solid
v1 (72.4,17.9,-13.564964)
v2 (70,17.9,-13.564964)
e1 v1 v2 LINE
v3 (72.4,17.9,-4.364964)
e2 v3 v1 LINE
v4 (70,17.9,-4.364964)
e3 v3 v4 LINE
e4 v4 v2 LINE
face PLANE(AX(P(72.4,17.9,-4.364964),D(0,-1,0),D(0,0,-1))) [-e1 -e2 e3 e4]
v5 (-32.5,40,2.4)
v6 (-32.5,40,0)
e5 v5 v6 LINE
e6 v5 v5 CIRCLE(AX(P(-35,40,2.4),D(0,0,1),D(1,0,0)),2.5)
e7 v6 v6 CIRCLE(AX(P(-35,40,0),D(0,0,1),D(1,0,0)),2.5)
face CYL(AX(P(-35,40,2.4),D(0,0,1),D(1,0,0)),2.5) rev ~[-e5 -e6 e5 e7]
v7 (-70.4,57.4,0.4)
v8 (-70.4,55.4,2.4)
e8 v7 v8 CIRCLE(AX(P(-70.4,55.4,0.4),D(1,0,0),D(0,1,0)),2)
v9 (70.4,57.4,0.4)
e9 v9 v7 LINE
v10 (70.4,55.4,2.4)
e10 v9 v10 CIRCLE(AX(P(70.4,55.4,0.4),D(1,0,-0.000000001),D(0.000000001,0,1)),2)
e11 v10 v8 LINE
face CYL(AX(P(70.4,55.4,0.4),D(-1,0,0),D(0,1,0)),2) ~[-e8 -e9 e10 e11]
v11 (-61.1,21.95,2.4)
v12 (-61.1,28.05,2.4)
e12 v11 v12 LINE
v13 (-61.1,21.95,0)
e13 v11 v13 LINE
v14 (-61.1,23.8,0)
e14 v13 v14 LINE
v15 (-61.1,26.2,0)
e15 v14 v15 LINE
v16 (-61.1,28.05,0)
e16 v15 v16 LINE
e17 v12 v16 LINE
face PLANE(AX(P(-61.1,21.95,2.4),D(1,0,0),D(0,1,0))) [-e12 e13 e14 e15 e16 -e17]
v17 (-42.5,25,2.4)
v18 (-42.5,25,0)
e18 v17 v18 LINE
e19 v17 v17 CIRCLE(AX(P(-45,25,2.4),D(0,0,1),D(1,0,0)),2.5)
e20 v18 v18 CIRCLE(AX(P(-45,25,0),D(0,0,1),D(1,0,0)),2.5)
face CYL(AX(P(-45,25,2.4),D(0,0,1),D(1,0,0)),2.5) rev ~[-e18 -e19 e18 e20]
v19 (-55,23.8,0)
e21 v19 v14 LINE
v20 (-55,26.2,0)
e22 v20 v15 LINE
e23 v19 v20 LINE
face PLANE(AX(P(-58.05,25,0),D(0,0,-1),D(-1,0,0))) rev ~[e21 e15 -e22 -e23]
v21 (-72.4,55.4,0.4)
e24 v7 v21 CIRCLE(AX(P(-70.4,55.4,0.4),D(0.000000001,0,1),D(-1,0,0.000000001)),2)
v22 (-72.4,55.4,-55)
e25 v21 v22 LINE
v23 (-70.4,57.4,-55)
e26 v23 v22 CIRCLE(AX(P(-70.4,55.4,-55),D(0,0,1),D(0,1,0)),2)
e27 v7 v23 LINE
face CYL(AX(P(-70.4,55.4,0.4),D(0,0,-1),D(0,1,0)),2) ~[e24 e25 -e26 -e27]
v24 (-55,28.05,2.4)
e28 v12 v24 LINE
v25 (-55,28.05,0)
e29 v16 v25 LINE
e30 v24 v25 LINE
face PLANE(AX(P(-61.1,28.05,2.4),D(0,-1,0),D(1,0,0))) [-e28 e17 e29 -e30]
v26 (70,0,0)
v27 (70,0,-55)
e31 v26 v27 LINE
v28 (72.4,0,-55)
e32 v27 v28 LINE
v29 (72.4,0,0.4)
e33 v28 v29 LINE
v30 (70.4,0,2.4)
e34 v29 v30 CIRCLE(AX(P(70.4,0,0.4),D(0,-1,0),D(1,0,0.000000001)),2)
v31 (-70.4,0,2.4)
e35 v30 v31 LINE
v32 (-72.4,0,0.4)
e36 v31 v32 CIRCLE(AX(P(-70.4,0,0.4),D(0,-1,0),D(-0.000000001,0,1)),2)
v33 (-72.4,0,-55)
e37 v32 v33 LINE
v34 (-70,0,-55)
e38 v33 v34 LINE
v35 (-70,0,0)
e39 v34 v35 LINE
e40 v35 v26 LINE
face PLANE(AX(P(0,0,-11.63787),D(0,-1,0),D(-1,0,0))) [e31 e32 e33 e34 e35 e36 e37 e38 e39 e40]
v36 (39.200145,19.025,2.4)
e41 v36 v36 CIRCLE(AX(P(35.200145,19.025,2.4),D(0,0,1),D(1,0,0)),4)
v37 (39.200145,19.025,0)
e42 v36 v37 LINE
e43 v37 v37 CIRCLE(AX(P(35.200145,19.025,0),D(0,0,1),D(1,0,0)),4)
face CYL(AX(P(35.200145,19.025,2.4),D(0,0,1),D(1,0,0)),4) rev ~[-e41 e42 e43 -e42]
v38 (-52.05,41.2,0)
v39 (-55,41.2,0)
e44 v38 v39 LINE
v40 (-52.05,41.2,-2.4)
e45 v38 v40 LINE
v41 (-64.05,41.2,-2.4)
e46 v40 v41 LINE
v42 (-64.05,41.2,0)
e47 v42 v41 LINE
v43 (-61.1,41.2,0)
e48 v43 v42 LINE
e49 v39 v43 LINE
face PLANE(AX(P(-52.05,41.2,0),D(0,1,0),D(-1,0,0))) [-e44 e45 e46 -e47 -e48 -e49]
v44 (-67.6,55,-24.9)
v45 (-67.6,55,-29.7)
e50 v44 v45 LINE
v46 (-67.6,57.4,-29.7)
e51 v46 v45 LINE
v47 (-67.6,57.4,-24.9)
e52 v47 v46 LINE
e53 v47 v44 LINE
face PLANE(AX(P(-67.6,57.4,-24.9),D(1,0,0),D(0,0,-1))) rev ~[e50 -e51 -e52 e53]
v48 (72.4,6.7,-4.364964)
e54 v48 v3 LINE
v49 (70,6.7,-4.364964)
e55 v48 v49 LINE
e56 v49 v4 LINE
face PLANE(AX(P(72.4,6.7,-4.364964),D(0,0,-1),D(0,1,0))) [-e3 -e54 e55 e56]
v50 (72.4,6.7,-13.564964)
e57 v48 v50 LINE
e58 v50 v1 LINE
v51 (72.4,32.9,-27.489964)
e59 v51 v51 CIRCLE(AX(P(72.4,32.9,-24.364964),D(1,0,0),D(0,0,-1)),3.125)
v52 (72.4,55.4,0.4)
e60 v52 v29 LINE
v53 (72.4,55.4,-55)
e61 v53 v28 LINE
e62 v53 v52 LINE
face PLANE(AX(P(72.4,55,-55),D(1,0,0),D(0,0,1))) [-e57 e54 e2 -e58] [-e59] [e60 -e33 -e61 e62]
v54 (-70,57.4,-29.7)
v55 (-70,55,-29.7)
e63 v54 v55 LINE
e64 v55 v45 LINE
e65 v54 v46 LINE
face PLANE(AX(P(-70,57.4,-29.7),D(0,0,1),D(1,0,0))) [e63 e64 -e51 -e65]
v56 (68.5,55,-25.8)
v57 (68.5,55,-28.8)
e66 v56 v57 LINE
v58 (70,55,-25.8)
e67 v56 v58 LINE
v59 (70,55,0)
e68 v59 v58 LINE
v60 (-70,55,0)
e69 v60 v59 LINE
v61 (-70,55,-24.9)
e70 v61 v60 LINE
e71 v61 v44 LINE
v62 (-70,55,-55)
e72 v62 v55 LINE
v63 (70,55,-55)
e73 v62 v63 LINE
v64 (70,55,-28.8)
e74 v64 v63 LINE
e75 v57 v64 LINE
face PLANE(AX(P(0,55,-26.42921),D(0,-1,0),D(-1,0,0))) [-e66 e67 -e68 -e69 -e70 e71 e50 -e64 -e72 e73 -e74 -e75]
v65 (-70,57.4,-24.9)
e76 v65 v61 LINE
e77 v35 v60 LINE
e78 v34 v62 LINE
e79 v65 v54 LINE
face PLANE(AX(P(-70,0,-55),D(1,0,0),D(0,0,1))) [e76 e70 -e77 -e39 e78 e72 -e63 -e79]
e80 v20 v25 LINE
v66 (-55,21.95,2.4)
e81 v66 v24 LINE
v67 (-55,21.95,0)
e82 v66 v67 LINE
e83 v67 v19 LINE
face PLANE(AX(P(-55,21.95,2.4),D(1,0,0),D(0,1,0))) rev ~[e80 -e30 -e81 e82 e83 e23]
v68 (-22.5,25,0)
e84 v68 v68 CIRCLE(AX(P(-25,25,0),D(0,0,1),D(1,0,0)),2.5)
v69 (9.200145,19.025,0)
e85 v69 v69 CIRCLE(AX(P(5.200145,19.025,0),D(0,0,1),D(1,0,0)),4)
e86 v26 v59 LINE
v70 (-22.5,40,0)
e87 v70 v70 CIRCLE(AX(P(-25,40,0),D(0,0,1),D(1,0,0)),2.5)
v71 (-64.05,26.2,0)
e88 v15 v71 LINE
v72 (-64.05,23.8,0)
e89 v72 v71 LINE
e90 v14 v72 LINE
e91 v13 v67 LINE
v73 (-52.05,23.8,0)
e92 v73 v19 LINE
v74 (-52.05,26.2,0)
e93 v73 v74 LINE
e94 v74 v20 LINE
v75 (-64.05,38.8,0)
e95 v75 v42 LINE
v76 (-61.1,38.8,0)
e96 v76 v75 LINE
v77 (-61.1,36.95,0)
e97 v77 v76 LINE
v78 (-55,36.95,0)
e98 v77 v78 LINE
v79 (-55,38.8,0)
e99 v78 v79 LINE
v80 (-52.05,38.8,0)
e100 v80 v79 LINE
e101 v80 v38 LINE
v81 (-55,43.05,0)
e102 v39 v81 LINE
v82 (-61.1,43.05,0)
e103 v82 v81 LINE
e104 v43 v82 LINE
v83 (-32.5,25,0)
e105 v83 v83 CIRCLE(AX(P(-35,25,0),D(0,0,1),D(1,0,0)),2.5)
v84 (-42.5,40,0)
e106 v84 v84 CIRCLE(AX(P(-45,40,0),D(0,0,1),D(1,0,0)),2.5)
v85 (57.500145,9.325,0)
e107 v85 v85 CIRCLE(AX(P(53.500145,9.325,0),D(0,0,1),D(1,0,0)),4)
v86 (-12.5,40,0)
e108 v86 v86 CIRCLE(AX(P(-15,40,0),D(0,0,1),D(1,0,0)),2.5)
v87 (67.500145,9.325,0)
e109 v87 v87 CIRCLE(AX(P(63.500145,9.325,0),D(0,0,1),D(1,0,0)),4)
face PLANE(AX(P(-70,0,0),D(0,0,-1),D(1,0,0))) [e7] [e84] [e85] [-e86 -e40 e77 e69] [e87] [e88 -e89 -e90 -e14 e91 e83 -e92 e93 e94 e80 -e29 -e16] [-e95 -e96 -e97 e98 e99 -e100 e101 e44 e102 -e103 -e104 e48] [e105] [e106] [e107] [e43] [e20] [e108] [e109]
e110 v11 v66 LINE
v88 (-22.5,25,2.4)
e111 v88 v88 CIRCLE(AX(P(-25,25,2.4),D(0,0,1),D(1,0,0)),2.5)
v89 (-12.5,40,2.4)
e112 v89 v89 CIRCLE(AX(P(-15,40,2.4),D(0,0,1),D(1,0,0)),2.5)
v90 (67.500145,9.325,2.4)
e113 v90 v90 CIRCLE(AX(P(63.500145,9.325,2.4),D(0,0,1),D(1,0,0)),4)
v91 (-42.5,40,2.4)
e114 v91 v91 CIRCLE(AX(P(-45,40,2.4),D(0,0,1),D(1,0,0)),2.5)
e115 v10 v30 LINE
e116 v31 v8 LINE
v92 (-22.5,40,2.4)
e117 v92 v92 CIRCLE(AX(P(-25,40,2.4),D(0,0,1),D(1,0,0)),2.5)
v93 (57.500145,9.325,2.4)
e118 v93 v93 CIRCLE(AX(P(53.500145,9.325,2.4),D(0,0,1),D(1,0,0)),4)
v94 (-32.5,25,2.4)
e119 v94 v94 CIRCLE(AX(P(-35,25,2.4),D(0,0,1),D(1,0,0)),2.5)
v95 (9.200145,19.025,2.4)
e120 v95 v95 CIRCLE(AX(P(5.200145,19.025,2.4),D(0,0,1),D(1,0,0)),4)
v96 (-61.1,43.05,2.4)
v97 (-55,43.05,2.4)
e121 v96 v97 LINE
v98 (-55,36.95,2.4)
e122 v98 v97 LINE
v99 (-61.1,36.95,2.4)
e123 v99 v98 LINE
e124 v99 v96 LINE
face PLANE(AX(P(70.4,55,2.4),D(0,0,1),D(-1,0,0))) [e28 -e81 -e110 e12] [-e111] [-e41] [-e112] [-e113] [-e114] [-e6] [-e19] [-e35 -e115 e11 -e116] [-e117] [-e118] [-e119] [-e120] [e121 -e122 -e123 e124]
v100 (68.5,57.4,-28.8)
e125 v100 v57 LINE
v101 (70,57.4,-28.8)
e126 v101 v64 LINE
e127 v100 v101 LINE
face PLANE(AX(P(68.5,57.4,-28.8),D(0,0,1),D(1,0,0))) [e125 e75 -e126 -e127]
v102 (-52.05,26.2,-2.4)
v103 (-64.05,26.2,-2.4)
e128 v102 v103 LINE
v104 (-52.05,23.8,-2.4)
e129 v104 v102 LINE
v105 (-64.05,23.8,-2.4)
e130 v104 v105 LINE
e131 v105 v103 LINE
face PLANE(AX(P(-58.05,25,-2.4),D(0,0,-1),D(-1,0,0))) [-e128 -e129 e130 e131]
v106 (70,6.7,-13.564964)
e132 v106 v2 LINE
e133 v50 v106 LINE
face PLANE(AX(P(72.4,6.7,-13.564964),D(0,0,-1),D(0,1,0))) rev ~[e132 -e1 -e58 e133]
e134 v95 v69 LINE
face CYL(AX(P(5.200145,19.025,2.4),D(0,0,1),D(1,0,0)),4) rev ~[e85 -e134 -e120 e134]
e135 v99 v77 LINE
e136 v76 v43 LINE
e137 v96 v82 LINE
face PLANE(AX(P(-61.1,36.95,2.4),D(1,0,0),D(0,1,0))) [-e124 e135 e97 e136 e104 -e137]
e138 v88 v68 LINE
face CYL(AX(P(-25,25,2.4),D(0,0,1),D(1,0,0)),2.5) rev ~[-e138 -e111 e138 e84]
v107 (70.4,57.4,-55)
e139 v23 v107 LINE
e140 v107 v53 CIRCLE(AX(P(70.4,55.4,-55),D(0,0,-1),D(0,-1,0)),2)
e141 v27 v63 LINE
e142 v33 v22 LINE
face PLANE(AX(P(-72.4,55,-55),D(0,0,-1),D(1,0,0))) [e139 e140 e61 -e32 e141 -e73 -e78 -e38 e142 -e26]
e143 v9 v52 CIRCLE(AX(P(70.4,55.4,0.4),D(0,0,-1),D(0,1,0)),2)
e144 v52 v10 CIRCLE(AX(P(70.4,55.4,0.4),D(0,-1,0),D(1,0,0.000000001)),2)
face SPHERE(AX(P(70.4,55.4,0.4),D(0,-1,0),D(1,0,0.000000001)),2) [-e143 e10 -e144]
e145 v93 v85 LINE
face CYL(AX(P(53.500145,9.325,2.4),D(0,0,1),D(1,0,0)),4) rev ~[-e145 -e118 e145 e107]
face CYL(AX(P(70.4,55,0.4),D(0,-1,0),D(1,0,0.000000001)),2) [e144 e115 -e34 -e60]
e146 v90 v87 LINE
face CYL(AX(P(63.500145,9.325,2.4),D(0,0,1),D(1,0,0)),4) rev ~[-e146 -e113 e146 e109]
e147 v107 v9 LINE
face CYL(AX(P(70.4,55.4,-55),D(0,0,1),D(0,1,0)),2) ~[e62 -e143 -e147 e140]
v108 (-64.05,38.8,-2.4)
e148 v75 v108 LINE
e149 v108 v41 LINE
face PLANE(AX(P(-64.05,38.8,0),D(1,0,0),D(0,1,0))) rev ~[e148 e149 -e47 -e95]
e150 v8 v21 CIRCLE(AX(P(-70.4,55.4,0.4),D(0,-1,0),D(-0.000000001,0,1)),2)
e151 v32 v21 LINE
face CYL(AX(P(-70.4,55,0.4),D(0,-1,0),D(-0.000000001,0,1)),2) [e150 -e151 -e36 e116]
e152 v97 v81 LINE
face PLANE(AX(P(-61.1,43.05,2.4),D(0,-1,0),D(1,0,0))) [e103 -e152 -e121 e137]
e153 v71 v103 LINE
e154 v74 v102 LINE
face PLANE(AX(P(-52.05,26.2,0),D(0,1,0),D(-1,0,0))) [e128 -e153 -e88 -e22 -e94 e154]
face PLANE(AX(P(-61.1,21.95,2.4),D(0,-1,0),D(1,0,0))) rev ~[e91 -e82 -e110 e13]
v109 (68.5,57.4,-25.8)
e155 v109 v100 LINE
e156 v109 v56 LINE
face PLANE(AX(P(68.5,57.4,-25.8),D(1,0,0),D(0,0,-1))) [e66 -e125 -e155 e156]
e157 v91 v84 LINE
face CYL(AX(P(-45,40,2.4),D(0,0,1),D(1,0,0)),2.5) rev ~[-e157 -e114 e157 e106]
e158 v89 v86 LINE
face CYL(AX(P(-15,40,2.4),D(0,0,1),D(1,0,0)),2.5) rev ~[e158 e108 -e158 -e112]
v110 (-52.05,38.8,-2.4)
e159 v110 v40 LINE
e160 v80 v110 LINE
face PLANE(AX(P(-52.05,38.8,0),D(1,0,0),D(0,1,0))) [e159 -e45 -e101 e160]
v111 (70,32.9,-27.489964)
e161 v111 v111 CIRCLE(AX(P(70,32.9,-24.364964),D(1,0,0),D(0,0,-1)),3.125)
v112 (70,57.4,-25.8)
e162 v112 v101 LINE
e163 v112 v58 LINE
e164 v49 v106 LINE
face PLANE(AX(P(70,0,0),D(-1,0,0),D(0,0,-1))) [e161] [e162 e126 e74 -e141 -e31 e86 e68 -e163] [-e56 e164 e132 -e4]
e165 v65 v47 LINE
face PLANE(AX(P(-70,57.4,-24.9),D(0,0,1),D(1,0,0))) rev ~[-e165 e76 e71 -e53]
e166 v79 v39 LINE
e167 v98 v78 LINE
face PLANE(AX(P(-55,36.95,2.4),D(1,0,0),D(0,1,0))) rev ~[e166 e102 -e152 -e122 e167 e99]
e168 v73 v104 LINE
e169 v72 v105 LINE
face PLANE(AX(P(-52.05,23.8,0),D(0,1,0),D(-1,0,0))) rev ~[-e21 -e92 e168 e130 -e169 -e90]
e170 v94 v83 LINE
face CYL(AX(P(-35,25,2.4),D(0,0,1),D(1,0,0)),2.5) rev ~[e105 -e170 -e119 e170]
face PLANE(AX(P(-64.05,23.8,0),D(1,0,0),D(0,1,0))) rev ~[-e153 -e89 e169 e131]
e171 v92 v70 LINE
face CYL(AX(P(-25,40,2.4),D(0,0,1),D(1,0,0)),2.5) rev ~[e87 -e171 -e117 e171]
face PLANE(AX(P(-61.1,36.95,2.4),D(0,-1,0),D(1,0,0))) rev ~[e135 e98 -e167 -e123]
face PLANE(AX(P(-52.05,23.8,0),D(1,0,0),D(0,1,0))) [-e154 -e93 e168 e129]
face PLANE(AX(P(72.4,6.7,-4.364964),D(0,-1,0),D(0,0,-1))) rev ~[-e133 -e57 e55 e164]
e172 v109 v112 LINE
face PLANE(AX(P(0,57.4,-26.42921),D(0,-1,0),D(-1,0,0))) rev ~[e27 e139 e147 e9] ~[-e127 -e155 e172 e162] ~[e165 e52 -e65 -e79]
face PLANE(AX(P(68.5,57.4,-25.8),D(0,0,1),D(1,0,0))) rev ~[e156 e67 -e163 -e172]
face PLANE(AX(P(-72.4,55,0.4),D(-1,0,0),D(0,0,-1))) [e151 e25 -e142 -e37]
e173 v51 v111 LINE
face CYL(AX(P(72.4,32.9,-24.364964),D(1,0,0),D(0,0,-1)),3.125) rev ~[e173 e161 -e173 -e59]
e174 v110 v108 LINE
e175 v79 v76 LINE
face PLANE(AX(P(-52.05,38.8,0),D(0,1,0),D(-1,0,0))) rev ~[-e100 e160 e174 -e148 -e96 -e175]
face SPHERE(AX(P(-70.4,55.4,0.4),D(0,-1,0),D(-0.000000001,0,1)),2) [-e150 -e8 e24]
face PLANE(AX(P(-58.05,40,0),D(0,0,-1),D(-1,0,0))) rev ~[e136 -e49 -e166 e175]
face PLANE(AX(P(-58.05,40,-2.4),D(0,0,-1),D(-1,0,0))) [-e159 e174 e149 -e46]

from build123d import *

# Parameters (mm, degrees)
BOSS_EXTRUDE1_DEPTH = 55
SKETCH3_W           = 9.2
SKETCH3_H           = 11.2
CUT_EXTRUDE1_DEPTH  = 2.4
SKETCH4_R           = 4
CUT_EXTRUDE2_DEPTH  = 2.4
SKETCH5_R           = 2.5
CUT_EXTRUDE3_DEPTH  = 2.4
SKETCH7_R           = 4
CUT_EXTRUDE4_DEPTH  = 2.4
SKETCH8_W           = 6.1
SKETCH8_H           = 6.1
CUT_EXTRUDE5_DEPTH  = 2.4
SKETCH9_W           = 12
SKETCH9_H           = 2.4
BOSS_EXTRUDE3_DEPTH = 2.4
SKETCH10_R          = 4
CUT_EXTRUDE6_DEPTH  = 2.4
BOSS_EXTRUDE4_DEPTH = 2.4
SKETCH12_W          = 1.5
SKETCH12_H          = 3
SKETCH12_W_2        = 2.4
SKETCH12_H_2        = 4.8
CUT_EXTRUDE7_DEPTH  = 2.4
SKETCH13_R          = 3.125
CUT_EXTRUDE8_DEPTH  = 2.4
FILLET1_R           = 2


with BuildPart() as part:
    # Sketch2 → Boss-Extrude1 (new body)
    with BuildSketch(Plane(origin=(0, 0, 0), x_dir=(1, 0, 0), z_dir=(0, 1, 0))):
        with BuildLine():
            Line((-70, 55), (-70, 0))
            Line((-70, 0), (70, 0))
            Line((70, 0), (70, 55))
            Line((70, 55), (72.4, 55))
            Line((72.4, 55), (72.4, -0.4))
            ThreePointArc((72.4, -0.4), (71.814213562, -1.814213562), (70.4, -2.4))
            Line((70.4, -2.4), (-70.4, -2.4))
            ThreePointArc((-70.4, -2.4), (-71.814213562, -1.814213562), (-72.4, -0.4))
            Line((-72.4, -0.4), (-72.4, 55))
            Line((-72.4, 55), (-70, 55))
        make_face()
    extrude(amount=BOSS_EXTRUDE1_DEPTH)

    # Sketch3 → Cut-Extrude1 (cut)
    with BuildSketch(Plane(origin=(72.4, 0, 0), x_dir=(0, 0, -1), z_dir=(1, 0, 0))):
        with Locations((8.964963507, 12.3)):
            Rectangle(SKETCH3_W, SKETCH3_H)
    extrude(amount=-CUT_EXTRUDE1_DEPTH, mode=Mode.SUBTRACT)

    # Sketch4 → Cut-Extrude2 (cut)
    with BuildSketch(Plane.XY.offset(2.4)):
        with Locations((53.50014494, 9.325)):
            Circle(SKETCH4_R)
        with Locations((35.20014494, 19.025)):
            Circle(SKETCH4_R)
    extrude(amount=-CUT_EXTRUDE2_DEPTH, mode=Mode.SUBTRACT)

    # Sketch5 → Cut-Extrude3 (cut)
    with BuildSketch(Plane.XY.offset(2.4)):
        with Locations((-45, 25)):
            Circle(SKETCH5_R)
        with Locations((-35, 25)):
            Circle(SKETCH5_R)
        with Locations((-25, 25)):
            Circle(SKETCH5_R)
        with Locations((-35, 40)):
            Circle(SKETCH5_R)
        with Locations((-25, 40)):
            Circle(SKETCH5_R)
        with Locations((-15, 40)):
            Circle(SKETCH5_R)
        with Locations((-45, 40)):
            Circle(SKETCH5_R)
    extrude(amount=-CUT_EXTRUDE3_DEPTH, mode=Mode.SUBTRACT)

    # Sketch7 → Cut-Extrude4 (cut)
    with BuildSketch(Plane.XY.offset(2.4)):
        with Locations((5.20014494, 19.025)):
            Circle(SKETCH7_R)
    extrude(amount=-CUT_EXTRUDE4_DEPTH, mode=Mode.SUBTRACT)

    # Sketch8 → Cut-Extrude5 (cut)
    with BuildSketch(Plane.XY.offset(2.4)):
        with Locations((-58.05, 25)):
            Rectangle(SKETCH8_W, SKETCH8_H)
        with Locations((-58.05, 40)):
            Rectangle(SKETCH8_W, SKETCH8_H)
    extrude(amount=-CUT_EXTRUDE5_DEPTH, mode=Mode.SUBTRACT)

    # Sketch9 → Boss-Extrude3 (add)
    with BuildSketch(Plane(origin=(0, 0, 0), x_dir=(-1, 0, 0), z_dir=(0, 0, -1))):
        with Locations((58.05, 25)):
            Rectangle(SKETCH9_W, SKETCH9_H)
        with Locations((58.05, 40)):
            Rectangle(SKETCH9_W, SKETCH9_H)
    extrude(amount=BOSS_EXTRUDE3_DEPTH)

    # Sketch10 → Cut-Extrude6 (cut)
    with BuildSketch(Plane.XY.offset(2.4)):
        with Locations((63.50014494, 9.325)):
            Circle(SKETCH10_R)
    extrude(amount=-CUT_EXTRUDE6_DEPTH, mode=Mode.SUBTRACT)

    # Sketch11 → Boss-Extrude4 (add)
    with BuildSketch(Plane(origin=(0, 55, 0), x_dir=(1, 0, 0), z_dir=(0, 1, 0))):
        with BuildLine():
            Line((-72.4, 55), (72.4, 55))
            Line((72.4, 55), (72.4, -0.4))
            ThreePointArc((72.4, -0.4), (71.814213562, -1.814213562), (70.4, -2.4))
            Line((70.4, -2.4), (-70.4, -2.4))
            ThreePointArc((-70.4, -2.4), (-71.814213562, -1.814213562), (-72.4, -0.4))
            Line((-72.4, -0.4), (-72.4, 55))
        make_face()
    extrude(amount=BOSS_EXTRUDE4_DEPTH)

    # Sketch12 → Cut-Extrude7 (cut)
    with BuildSketch(Plane(origin=(0, 57.4, 0), x_dir=(1, 0, 0), z_dir=(0, 1, 0))):
        with Locations((69.25, 27.3)):
            Rectangle(SKETCH12_W, SKETCH12_H)
        with Locations((-68.8, 27.3)):
            Rectangle(SKETCH12_W_2, SKETCH12_H_2)
    extrude(amount=-CUT_EXTRUDE7_DEPTH, mode=Mode.SUBTRACT)

    # Sketch13 → Cut-Extrude8 (cut)
    with BuildSketch(Plane(origin=(72.4, 0, 0), x_dir=(0, 0, -1), z_dir=(1, 0, 0))):
        with Locations((24.364963507, 32.9)):
            Circle(SKETCH13_R)
    extrude(amount=-CUT_EXTRUDE8_DEPTH, mode=Mode.SUBTRACT)

    # Fillet1
    fillet1_edges = [part.edges().sort_by_distance(p)[0] for p in [
        (-72.4, 57.4, -27.3),
        (-71.814213562, 57.4, 1.814213562),
        (0, 57.4, 2.4),
        (71.814213562, 57.4, 1.814213562),
        (72.4, 57.4, -27.3),
    ]]
    fillet(fillet1_edges, radius=FILLET1_R)


solid = part.part
